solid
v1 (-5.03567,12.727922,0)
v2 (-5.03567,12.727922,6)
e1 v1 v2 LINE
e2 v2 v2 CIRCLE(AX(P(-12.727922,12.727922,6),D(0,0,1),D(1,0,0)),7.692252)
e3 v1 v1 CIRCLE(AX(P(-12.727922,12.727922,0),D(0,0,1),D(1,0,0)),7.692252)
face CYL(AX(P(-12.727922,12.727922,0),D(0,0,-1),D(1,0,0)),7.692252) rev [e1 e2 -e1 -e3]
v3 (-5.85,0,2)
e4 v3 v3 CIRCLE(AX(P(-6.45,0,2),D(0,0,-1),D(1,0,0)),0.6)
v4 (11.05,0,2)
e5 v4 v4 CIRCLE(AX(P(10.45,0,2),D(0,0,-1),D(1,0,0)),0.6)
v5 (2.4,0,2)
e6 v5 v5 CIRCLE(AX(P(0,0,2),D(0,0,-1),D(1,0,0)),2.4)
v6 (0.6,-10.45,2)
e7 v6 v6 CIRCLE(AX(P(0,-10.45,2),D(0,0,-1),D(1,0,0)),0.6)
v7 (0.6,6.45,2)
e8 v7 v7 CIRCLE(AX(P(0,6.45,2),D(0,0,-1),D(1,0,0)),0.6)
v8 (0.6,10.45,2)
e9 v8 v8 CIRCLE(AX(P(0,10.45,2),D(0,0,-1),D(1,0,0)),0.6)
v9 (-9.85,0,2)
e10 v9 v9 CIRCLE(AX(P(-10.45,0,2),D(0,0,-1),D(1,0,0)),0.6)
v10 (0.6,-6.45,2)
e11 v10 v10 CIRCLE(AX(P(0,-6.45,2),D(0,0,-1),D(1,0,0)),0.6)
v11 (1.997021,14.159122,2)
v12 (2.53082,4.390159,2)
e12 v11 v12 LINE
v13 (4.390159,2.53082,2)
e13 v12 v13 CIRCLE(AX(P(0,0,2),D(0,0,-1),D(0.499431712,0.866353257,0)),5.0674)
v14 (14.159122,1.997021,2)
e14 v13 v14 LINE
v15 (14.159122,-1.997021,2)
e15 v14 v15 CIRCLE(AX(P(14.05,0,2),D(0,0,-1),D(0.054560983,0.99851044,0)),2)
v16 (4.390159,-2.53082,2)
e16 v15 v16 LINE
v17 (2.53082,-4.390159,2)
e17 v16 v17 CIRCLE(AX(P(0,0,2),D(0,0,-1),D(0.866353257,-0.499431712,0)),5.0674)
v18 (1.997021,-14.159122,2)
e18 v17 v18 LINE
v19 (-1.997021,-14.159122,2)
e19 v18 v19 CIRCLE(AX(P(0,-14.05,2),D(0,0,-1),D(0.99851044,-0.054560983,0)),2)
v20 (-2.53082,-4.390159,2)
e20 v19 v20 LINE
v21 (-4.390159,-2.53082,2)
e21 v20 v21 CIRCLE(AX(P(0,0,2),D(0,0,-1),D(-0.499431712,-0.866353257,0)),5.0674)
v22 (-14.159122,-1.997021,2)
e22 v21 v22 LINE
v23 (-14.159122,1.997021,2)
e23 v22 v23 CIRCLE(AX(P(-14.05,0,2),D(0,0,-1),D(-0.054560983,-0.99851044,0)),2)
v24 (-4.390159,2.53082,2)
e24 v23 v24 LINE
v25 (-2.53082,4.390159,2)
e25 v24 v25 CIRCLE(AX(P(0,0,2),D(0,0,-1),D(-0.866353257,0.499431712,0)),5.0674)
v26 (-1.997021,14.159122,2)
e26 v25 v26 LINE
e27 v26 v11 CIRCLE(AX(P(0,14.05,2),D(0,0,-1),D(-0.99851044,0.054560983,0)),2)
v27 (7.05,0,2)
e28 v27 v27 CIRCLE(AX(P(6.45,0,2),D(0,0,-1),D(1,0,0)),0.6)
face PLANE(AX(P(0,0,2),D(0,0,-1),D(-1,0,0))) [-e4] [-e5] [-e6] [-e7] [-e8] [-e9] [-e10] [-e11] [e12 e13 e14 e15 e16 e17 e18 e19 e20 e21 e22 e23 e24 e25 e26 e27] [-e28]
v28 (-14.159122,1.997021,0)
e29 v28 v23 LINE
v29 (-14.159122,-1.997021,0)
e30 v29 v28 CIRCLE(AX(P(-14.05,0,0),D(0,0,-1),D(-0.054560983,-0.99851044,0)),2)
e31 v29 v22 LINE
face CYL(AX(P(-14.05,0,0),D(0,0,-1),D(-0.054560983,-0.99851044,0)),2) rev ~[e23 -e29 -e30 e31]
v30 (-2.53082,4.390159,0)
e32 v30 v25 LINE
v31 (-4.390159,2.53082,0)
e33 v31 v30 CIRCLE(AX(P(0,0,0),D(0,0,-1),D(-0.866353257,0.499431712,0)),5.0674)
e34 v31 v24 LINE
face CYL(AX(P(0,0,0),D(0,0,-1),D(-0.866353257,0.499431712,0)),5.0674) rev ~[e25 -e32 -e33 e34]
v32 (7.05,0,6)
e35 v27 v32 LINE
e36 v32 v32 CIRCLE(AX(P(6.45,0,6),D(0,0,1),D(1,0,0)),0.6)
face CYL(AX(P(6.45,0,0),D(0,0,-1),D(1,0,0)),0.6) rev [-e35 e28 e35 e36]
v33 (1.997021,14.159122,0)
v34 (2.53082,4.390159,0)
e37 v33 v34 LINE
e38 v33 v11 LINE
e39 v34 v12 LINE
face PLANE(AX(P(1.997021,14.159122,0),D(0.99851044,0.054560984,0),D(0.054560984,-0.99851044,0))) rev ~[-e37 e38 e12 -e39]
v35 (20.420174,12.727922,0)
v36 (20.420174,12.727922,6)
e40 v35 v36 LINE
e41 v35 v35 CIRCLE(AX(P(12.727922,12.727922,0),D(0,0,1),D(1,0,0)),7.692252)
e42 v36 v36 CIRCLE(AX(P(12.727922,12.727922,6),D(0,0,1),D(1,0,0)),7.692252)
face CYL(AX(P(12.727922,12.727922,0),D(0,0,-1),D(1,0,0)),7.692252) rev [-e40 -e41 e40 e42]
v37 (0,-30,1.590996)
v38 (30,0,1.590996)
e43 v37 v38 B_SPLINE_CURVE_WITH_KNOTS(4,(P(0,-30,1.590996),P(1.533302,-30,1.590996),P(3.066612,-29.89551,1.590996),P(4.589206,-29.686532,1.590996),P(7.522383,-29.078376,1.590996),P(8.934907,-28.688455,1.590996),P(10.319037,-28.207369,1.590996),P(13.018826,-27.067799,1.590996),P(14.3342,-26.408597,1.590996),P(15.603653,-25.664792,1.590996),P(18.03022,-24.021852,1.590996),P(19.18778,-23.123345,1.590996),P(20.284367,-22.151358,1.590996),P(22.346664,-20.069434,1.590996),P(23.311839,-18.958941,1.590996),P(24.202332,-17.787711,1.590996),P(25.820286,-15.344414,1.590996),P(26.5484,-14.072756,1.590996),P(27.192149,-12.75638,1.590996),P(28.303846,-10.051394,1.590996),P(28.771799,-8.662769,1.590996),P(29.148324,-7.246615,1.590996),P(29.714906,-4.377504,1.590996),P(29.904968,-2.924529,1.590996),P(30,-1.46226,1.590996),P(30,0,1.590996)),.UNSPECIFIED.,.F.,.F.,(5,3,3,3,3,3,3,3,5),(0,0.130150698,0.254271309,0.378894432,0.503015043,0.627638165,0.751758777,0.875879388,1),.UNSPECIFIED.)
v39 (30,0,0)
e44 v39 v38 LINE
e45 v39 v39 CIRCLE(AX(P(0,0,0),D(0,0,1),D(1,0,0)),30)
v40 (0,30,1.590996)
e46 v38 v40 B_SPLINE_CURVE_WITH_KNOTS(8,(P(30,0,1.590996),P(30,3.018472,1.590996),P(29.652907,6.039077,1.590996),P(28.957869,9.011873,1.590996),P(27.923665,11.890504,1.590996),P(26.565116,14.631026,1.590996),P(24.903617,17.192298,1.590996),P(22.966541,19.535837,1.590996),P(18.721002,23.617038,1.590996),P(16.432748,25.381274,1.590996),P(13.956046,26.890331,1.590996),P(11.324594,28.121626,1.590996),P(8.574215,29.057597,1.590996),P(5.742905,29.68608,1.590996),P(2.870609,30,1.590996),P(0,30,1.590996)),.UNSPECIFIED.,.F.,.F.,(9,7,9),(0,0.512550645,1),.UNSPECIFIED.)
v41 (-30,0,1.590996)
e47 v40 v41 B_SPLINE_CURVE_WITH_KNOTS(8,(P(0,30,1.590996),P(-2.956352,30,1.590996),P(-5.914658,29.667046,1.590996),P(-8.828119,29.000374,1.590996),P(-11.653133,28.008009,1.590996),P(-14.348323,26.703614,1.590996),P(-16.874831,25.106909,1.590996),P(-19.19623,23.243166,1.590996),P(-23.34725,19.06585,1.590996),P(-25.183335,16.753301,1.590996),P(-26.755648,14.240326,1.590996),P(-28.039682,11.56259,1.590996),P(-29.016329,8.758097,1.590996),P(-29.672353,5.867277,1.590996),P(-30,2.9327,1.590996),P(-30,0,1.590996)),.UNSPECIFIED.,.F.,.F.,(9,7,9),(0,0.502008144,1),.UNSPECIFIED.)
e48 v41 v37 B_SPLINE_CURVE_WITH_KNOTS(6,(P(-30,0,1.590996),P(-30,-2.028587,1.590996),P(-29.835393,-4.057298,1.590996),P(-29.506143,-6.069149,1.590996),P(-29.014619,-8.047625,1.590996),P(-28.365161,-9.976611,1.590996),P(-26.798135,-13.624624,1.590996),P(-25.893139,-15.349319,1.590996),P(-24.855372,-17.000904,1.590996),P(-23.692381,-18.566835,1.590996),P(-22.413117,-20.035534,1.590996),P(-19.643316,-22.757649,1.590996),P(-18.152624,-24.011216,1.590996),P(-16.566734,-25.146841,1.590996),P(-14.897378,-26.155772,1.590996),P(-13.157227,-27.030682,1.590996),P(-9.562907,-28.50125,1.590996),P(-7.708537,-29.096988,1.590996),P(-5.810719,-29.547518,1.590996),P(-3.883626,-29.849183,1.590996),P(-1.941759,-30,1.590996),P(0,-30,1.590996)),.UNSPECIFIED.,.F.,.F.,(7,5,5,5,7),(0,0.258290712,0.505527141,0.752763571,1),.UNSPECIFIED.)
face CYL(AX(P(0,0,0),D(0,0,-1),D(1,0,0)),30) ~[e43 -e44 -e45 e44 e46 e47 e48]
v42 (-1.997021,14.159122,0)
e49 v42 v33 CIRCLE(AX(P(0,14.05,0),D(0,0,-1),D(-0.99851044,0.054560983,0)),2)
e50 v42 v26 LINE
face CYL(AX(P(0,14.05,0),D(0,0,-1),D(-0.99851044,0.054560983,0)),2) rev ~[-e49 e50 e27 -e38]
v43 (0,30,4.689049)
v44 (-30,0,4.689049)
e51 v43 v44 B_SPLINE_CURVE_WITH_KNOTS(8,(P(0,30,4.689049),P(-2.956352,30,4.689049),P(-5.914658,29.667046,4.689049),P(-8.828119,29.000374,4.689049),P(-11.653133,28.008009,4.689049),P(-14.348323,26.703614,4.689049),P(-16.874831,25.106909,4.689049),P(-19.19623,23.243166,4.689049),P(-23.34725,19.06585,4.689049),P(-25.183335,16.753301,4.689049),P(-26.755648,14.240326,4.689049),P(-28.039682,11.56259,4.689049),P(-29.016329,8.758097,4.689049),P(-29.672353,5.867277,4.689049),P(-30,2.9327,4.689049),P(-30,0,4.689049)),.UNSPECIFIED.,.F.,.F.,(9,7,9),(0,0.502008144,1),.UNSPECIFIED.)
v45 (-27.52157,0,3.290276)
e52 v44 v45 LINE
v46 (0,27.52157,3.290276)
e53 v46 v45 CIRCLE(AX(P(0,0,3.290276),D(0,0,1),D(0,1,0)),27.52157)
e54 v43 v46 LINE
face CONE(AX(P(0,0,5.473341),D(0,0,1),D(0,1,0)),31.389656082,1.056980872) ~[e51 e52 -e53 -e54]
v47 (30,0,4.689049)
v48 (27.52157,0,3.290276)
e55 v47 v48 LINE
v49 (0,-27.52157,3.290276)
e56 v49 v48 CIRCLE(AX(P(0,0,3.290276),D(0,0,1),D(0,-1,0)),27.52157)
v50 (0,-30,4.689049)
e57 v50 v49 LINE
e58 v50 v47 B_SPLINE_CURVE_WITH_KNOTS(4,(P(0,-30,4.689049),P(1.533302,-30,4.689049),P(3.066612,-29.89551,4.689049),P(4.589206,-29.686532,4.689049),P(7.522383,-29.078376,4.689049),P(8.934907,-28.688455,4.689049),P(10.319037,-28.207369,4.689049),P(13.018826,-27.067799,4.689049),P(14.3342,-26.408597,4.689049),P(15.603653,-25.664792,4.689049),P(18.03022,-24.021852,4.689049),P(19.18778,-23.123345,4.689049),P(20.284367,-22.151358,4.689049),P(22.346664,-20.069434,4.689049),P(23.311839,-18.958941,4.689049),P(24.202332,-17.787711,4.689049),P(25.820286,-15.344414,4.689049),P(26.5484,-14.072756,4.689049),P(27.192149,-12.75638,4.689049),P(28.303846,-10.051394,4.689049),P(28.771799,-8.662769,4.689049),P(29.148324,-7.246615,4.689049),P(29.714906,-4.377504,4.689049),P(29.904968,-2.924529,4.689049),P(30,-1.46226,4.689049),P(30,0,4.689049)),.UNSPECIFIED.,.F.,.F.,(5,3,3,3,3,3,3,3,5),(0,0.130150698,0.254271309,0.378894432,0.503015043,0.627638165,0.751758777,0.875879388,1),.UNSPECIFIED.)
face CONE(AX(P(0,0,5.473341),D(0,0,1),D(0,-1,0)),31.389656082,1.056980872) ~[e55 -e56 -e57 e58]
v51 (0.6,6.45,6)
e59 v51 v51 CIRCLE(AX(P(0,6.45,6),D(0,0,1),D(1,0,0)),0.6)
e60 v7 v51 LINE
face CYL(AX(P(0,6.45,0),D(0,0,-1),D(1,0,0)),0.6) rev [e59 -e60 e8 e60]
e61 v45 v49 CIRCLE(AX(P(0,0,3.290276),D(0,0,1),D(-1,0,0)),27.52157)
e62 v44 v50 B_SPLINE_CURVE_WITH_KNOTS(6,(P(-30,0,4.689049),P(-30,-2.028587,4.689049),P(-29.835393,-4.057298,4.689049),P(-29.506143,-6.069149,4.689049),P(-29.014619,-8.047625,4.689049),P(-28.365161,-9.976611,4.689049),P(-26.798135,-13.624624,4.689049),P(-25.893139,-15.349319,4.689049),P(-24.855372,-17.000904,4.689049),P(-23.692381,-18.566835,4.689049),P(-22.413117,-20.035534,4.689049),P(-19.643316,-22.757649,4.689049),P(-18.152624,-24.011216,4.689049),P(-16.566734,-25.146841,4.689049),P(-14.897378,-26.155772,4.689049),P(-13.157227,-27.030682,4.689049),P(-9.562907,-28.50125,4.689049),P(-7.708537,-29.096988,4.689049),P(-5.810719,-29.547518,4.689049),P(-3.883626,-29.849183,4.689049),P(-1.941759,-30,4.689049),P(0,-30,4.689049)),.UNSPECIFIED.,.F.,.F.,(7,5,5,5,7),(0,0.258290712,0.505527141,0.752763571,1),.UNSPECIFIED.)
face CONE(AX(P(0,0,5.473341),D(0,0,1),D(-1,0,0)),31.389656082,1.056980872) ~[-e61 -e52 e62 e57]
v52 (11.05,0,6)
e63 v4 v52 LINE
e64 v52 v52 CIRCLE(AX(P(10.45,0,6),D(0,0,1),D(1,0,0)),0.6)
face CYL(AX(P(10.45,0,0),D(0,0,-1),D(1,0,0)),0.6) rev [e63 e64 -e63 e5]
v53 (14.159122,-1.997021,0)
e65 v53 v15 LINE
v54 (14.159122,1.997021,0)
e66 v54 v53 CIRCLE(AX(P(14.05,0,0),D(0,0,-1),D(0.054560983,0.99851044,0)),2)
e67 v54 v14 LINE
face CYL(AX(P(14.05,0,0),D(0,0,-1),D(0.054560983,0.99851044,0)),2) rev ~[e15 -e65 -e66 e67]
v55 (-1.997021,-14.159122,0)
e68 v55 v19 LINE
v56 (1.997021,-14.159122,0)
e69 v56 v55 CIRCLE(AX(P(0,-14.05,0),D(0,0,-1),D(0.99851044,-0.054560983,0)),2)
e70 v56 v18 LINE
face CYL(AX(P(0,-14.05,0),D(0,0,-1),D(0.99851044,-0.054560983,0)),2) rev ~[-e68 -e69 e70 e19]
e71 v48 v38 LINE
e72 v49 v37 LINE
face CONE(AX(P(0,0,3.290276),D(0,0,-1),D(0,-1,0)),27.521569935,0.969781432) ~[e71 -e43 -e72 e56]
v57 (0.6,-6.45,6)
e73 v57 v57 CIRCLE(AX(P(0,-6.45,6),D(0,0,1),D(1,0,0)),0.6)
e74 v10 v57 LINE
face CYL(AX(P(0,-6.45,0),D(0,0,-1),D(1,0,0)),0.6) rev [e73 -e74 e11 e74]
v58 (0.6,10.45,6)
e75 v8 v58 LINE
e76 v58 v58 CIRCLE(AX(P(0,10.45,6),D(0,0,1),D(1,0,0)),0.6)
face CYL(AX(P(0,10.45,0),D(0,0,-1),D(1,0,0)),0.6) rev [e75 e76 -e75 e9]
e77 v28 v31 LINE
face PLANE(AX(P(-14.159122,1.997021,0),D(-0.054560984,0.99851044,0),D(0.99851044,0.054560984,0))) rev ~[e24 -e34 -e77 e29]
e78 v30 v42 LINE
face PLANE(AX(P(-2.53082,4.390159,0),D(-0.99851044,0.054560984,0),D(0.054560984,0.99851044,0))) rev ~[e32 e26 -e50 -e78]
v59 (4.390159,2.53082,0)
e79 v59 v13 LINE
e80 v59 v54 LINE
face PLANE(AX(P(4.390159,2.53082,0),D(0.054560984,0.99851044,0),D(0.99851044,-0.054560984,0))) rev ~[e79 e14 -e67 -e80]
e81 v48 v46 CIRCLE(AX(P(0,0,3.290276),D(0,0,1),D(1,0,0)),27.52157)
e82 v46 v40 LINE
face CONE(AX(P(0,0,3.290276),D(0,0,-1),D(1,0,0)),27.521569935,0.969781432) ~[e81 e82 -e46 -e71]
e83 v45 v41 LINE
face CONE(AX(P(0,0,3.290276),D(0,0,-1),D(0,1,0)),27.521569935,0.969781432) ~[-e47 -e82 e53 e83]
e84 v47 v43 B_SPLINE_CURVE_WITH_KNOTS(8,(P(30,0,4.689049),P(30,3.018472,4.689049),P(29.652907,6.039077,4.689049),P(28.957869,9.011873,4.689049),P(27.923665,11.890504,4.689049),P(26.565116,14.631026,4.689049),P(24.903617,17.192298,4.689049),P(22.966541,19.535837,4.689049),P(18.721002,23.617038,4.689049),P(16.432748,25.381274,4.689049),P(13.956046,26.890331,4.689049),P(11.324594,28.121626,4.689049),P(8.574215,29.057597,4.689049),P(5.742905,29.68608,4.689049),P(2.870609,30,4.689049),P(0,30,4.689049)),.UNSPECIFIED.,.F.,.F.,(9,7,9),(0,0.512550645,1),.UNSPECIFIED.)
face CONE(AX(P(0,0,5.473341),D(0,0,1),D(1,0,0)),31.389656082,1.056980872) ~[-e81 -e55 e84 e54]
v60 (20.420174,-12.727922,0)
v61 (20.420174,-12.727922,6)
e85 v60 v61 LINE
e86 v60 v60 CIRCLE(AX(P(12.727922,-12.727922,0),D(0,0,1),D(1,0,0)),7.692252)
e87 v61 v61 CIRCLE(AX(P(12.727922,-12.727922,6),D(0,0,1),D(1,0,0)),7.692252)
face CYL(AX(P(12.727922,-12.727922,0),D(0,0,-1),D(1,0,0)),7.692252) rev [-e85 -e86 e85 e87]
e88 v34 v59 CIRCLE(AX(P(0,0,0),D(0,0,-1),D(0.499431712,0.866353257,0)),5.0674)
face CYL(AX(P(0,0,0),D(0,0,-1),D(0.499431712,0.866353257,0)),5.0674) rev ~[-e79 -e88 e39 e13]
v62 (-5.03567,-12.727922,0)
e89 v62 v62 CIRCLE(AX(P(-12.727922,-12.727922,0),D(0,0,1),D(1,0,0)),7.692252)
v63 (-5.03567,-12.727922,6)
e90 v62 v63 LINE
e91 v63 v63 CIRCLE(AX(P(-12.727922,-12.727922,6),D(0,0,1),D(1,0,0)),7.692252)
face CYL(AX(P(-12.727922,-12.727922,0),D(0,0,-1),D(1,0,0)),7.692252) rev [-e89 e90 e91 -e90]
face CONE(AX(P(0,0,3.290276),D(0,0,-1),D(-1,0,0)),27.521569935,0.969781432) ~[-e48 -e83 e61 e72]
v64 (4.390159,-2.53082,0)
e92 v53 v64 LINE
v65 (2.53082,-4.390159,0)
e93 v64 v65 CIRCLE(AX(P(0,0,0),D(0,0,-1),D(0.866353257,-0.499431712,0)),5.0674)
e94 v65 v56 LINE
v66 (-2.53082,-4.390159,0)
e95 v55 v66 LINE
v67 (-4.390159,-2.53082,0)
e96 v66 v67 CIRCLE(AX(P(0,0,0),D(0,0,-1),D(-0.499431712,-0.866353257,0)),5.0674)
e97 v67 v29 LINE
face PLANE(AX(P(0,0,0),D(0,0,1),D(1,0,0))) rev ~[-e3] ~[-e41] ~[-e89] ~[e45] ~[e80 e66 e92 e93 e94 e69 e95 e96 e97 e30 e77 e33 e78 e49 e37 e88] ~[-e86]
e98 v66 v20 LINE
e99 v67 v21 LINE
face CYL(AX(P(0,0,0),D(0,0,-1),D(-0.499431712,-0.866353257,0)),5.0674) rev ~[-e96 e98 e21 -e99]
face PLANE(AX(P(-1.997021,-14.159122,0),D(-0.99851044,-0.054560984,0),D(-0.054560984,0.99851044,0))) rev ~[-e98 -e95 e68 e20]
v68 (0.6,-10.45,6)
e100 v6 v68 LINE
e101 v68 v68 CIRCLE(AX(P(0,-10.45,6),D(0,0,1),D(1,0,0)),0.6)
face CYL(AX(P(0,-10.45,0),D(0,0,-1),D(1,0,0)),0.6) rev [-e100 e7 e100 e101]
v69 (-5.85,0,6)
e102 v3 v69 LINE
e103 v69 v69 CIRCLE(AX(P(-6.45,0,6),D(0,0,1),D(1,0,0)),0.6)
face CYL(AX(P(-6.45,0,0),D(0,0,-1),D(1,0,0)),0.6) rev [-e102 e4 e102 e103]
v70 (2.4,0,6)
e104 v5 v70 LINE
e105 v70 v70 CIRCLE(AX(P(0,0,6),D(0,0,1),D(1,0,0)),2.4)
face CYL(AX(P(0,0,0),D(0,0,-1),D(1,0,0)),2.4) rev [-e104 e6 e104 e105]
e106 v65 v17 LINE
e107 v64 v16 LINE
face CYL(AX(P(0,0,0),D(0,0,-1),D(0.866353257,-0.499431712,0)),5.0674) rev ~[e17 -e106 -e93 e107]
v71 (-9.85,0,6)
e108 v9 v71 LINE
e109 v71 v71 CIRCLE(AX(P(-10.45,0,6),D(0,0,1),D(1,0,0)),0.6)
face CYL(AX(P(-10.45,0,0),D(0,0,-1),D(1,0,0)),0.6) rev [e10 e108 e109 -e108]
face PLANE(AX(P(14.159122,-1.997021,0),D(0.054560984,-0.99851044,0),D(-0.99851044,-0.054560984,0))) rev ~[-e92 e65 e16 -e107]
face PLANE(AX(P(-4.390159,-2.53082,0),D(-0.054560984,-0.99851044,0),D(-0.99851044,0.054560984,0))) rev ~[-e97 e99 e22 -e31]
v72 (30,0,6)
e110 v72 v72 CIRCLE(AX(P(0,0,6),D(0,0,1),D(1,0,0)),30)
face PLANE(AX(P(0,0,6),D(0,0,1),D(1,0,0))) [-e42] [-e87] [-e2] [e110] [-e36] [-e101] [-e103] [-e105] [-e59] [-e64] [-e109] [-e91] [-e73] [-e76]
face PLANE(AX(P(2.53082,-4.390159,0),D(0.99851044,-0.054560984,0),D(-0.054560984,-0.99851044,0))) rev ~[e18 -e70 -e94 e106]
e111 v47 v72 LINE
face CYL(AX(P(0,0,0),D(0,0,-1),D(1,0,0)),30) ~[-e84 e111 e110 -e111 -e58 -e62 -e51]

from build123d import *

# Parameters (mm, degrees)
ESQUISSE2_R             = 30
ESQUISSE2_R_2           = 0.6
ESQUISSE2_R_3           = 2.4
ESQUISSE2_R_4           = 7.692251906
BOSS_EXTRU_1_DEPTH      = 6
ENL_V_MAT_EXTRU_1_DEPTH = 2


with BuildPart() as part:
    # Esquisse2 → Boss.-Extru.1 (new body)
    with BuildSketch(Plane.XY):
        Circle(ESQUISSE2_R)
        with Locations((0, 10.45)):
            Circle(ESQUISSE2_R_2, mode=Mode.SUBTRACT)
        with Locations((0, 6.45)):
            Circle(ESQUISSE2_R_2, mode=Mode.SUBTRACT)
        Circle(ESQUISSE2_R_3, mode=Mode.SUBTRACT)
        with Locations((10.45, 0)):
            Circle(ESQUISSE2_R_2, mode=Mode.SUBTRACT)
        with Locations((6.45, 0)):
            Circle(ESQUISSE2_R_2, mode=Mode.SUBTRACT)
        with Locations((0, -10.45)):
            Circle(ESQUISSE2_R_2, mode=Mode.SUBTRACT)
        with Locations((0, -6.45)):
            Circle(ESQUISSE2_R_2, mode=Mode.SUBTRACT)
        with Locations((-10.45, 0)):
            Circle(ESQUISSE2_R_2, mode=Mode.SUBTRACT)
        with Locations((-6.45, 0)):
            Circle(ESQUISSE2_R_2, mode=Mode.SUBTRACT)
        with Locations((-12.727922061, 12.727922061)):
            Circle(ESQUISSE2_R_4, mode=Mode.SUBTRACT)
        with Locations((12.727922061, 12.727922061)):
            Circle(ESQUISSE2_R_4, mode=Mode.SUBTRACT)
        with Locations((12.727922061, -12.727922061)):
            Circle(ESQUISSE2_R_4, mode=Mode.SUBTRACT)
        with Locations((-12.727922061, -12.727922061)):
            Circle(ESQUISSE2_R_4, mode=Mode.SUBTRACT)
    extrude(amount=BOSS_EXTRU_1_DEPTH)

    # Esquisse3 → Enlèv. mat.-Extru.1 (cut)
    with BuildSketch(Plane(origin=(0, 0, 0), x_dir=(-1, 0, 0), z_dir=(0, 0, -1))):
        with BuildLine():
            Line((-2.530820261, -4.390158503), (-1.99702088, -14.159121967))
            ThreePointArc((-1.99702088, -14.159121967), (0, -16.05), (1.99702088, -14.159121967))
            Line((1.99702088, -14.159121967), (2.530820261, -4.390158503))
            ThreePointArc((2.530820261, -4.390158503), (3.583192911, -3.583192911), (4.390158503, -2.530820261))
            Line((4.390158503, -2.530820261), (14.159121967, -1.99702088))
            ThreePointArc((14.159121967, -1.99702088), (16.05, 0), (14.159121967, 1.99702088))
            Line((14.159121967, 1.99702088), (4.390158503, 2.530820261))
            ThreePointArc((4.390158503, 2.530820261), (3.583192911, 3.583192911), (2.530820261, 4.390158503))
            Line((2.530820261, 4.390158503), (1.99702088, 14.159121967))
            ThreePointArc((1.99702088, 14.159121967), (0, 16.05), (-1.99702088, 14.159121967))
            Line((-1.99702088, 14.159121967), (-2.530820261, 4.390158503))
            ThreePointArc((-2.530820261, 4.390158503), (-3.583192911, 3.583192911), (-4.390158503, 2.530820261))
            Line((-4.390158503, 2.530820261), (-14.159121967, 1.99702088))
            ThreePointArc((-14.159121967, 1.99702088), (-16.05, 0), (-14.159121967, -1.99702088))
            Line((-14.159121967, -1.99702088), (-4.390158503, -2.530820261))
            ThreePointArc((-4.390158503, -2.530820261), (-3.583192911, -3.583192911), (-2.530820261, -4.390158503))
        make_face()
    extrude(amount=-ENL_V_MAT_EXTRU_1_DEPTH, mode=Mode.SUBTRACT)

    # Enlèvement de matière-Balayage1: sweep along a curve in space
    with BuildLine() as enl_vement_de_mati_re_balayage1_path:
        ThreePointArc((30, 0, 0), (21.213203436, 21.213203436, 0), (0, 30, 0))
        ThreePointArc((0, 30, 0), (-21.213203436, 21.213203436, 0), (-30, 0, 0))
        ThreePointArc((-30, 0, 0), (-21.213203436, -21.213203436, 0), (0, -30, 0))
        ThreePointArc((0, -30, 0), (21.213203436, -21.213203436, 0), (30, 0, 0))
    # Esquisse4 → Enlèvement de matière-Balayage1 (sweep, cut)
    with BuildSketch(Plane(origin=(0, 0, 0), x_dir=(1, 0, 0), z_dir=(0, 1, 0))):
        Polygon((-31.389656083, -5.473341376), (-27.521569936, -3.290275959), (-31.389656083, -0.638208742), align=None)
    sweep(path=enl_vement_de_mati_re_balayage1_path.line, mode=Mode.SUBTRACT)


solid = part.part
